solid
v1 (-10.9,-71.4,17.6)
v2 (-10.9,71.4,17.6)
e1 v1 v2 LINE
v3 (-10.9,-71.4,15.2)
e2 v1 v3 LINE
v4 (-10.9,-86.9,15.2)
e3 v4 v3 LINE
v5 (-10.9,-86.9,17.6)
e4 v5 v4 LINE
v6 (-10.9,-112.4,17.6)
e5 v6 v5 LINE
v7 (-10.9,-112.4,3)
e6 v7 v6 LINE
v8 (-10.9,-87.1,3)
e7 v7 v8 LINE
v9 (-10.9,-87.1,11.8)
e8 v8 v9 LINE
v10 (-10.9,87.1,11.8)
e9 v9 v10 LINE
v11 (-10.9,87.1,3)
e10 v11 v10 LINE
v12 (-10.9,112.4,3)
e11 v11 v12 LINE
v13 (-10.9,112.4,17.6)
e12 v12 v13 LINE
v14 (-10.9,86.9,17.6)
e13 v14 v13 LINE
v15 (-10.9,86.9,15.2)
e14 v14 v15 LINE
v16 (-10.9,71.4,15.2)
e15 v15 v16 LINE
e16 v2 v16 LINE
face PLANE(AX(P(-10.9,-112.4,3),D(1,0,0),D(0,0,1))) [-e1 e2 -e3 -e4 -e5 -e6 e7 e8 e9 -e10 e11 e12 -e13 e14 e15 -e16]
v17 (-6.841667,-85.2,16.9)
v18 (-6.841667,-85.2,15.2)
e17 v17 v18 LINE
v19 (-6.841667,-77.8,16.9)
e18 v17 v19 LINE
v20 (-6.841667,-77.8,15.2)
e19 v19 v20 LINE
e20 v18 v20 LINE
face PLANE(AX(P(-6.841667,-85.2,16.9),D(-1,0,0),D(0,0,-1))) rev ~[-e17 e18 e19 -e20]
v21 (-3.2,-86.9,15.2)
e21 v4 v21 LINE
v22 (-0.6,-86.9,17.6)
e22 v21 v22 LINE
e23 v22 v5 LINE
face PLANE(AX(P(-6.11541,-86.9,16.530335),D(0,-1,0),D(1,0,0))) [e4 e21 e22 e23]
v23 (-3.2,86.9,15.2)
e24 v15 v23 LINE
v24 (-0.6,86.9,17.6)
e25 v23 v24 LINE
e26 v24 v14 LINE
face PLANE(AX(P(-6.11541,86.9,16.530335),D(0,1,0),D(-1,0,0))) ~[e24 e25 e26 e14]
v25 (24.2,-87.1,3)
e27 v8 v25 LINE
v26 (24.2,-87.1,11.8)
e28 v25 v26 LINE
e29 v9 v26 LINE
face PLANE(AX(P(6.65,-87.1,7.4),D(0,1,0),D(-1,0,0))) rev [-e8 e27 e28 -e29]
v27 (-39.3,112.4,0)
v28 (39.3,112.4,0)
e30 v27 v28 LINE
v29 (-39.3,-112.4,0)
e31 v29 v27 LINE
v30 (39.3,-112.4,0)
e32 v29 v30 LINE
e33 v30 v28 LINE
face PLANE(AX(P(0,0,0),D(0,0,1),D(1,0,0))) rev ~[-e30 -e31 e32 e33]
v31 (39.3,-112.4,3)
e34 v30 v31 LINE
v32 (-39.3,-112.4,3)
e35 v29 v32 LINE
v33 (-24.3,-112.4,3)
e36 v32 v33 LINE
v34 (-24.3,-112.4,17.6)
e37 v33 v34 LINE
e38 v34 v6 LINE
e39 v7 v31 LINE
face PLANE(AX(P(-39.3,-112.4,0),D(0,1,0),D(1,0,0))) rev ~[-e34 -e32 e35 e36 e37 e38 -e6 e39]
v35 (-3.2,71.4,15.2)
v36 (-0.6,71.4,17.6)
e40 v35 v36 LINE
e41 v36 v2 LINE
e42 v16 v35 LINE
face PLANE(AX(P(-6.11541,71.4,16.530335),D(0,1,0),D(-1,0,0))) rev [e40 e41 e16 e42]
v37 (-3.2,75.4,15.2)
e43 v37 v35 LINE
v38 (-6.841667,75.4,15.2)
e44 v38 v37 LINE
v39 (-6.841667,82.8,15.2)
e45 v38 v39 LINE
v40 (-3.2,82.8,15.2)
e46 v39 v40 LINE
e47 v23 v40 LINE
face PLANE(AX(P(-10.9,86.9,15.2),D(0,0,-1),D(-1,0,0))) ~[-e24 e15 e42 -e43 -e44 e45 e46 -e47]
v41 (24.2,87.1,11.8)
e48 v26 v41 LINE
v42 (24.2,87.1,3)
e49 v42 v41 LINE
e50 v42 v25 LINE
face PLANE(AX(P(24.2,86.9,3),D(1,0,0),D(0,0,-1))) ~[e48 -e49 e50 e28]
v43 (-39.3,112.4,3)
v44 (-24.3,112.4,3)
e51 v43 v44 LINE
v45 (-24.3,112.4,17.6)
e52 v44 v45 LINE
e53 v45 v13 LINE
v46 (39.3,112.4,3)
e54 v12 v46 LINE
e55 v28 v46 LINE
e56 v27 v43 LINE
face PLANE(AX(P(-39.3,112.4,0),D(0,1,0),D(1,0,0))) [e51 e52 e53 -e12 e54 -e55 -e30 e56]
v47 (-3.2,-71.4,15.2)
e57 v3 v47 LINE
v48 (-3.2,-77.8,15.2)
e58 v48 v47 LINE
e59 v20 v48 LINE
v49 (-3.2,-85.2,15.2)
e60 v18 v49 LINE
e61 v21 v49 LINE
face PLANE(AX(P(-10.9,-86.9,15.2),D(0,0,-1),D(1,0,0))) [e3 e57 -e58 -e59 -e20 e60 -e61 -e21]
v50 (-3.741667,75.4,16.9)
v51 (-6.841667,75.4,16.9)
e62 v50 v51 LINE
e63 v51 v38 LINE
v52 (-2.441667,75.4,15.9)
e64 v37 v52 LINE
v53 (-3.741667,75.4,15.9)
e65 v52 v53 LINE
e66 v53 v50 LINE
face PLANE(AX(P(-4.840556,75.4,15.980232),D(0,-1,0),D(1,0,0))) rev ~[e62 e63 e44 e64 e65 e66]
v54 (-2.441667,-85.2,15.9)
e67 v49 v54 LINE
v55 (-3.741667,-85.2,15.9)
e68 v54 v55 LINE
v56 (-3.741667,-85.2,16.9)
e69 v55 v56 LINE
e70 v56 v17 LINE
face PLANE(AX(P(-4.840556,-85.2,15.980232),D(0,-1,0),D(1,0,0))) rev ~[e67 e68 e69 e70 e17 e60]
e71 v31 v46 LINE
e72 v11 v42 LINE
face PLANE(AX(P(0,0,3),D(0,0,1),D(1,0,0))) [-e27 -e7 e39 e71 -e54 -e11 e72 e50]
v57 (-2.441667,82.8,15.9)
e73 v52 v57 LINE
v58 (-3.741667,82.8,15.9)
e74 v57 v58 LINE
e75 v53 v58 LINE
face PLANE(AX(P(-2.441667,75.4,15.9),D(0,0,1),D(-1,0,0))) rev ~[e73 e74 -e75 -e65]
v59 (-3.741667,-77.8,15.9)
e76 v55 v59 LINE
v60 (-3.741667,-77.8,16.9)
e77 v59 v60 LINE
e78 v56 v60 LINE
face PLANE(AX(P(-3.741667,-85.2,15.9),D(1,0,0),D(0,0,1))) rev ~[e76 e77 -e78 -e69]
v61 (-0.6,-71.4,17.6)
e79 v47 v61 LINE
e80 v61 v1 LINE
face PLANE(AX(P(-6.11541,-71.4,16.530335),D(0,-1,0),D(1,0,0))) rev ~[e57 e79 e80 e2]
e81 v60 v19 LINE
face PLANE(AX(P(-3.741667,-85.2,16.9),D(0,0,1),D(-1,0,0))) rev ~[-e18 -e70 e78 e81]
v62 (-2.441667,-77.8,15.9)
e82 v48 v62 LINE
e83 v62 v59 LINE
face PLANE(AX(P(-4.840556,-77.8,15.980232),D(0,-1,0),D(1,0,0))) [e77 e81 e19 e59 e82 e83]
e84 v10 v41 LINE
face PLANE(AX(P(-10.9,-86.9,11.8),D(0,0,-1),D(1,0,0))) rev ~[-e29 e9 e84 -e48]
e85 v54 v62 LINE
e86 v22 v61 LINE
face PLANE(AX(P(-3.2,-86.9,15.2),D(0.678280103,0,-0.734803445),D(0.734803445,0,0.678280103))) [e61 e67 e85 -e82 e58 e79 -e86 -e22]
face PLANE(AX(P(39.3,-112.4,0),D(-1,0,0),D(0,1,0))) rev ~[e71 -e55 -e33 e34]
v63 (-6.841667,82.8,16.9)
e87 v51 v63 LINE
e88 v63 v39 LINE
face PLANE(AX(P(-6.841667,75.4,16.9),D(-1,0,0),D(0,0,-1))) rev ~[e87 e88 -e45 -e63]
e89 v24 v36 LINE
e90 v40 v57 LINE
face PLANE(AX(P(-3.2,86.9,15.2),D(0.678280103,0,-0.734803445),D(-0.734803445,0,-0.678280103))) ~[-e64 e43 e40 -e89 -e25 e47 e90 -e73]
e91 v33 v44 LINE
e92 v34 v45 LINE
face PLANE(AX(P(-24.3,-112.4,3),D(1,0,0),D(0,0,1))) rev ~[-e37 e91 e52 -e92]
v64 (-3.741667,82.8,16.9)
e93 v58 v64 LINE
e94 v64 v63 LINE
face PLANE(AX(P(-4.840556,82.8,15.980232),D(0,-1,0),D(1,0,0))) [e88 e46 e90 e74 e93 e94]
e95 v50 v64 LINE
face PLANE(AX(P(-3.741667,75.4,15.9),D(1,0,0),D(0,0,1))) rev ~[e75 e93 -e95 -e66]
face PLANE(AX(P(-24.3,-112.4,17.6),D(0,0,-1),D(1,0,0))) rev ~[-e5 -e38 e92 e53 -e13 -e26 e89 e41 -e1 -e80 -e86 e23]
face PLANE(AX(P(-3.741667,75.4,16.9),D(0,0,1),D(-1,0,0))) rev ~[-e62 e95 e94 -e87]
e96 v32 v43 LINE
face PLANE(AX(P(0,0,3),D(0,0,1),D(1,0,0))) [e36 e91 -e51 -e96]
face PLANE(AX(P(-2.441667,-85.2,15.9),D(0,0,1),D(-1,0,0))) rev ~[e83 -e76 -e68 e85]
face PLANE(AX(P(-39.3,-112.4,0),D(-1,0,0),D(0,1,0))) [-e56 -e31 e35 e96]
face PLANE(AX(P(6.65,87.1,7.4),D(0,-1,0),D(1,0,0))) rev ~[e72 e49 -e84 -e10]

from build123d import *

# Parameters (mm, degrees)
F0_W      = 78.6
F0_H      = 224.8
F1_DEPTH  = 3
F2_W      = 13.4
F2_H      = 14.6
F3_DEPTH  = 224.8
F5_W      = 35.1
F5_H      = 8.8
F6_DEPTH  = 174
F8_DEPTH  = 15.5
F12_DEPTH = 7.4
F15_DEPTH = 7.4


with BuildPart() as f1:
    # F0 (on Top) → F1 (new body)
    with BuildSketch(Plane.XY):
        Rectangle(F0_W, F0_H)
    extrude(amount=F1_DEPTH)

    # F2 (on face) → F3 (join, through all)
    with BuildSketch(Plane.XZ.offset(112.4)):
        with Locations((-17.6, 10.3)):
            Rectangle(F2_W, F2_H)
    extrude(amount=-F3_DEPTH)

    # F5 (on offset) → F6 (join)
    with BuildSketch(Plane.XZ.offset(86.9)):
        with Locations((6.65, 7.4)):
            Rectangle(F5_W, F5_H)
    extrude(amount=-F6_DEPTH)

    # F7 (on offset) → F8 (join)
    with BuildSketch(Plane.XZ.offset(86.9)):
        Polygon((-10.9, 17.6), (-10.9, 15.2), (-3.2, 15.2), (-0.6, 17.6), align=None)
    extrude(amount=-F8_DEPTH)

    # F9: F1 across plane


with BuildPart() as f1_1:
    add(f1.part)
    add(f1.part.mirror(Plane.XZ))

    # F11 (on offset) → F12 (cut)
    with BuildSketch(Plane.XZ.offset(85.2)):
        Polygon((-6.8416666667, 16.9), (-6.8416666667, 15.2), (-3.2, 15.2), (-2.4416666667, 15.9), (-3.7416666667, 15.9), (-3.7416666667, 16.9), align=None)
    extrude(amount=-F12_DEPTH, mode=Mode.SUBTRACT)

    # F14 (on offset) → F15 (cut)
    with BuildSketch(Plane.XZ.offset(-75.4)):
        Polygon((-6.8416666667, 16.9), (-6.8416666667, 15.2), (-3.2, 15.2), (-2.4416666667, 15.9), (-3.7416666667, 15.9), (-3.7416666667, 16.9), align=None)
    extrude(amount=-F15_DEPTH, mode=Mode.SUBTRACT)


solid = f1_1.part
